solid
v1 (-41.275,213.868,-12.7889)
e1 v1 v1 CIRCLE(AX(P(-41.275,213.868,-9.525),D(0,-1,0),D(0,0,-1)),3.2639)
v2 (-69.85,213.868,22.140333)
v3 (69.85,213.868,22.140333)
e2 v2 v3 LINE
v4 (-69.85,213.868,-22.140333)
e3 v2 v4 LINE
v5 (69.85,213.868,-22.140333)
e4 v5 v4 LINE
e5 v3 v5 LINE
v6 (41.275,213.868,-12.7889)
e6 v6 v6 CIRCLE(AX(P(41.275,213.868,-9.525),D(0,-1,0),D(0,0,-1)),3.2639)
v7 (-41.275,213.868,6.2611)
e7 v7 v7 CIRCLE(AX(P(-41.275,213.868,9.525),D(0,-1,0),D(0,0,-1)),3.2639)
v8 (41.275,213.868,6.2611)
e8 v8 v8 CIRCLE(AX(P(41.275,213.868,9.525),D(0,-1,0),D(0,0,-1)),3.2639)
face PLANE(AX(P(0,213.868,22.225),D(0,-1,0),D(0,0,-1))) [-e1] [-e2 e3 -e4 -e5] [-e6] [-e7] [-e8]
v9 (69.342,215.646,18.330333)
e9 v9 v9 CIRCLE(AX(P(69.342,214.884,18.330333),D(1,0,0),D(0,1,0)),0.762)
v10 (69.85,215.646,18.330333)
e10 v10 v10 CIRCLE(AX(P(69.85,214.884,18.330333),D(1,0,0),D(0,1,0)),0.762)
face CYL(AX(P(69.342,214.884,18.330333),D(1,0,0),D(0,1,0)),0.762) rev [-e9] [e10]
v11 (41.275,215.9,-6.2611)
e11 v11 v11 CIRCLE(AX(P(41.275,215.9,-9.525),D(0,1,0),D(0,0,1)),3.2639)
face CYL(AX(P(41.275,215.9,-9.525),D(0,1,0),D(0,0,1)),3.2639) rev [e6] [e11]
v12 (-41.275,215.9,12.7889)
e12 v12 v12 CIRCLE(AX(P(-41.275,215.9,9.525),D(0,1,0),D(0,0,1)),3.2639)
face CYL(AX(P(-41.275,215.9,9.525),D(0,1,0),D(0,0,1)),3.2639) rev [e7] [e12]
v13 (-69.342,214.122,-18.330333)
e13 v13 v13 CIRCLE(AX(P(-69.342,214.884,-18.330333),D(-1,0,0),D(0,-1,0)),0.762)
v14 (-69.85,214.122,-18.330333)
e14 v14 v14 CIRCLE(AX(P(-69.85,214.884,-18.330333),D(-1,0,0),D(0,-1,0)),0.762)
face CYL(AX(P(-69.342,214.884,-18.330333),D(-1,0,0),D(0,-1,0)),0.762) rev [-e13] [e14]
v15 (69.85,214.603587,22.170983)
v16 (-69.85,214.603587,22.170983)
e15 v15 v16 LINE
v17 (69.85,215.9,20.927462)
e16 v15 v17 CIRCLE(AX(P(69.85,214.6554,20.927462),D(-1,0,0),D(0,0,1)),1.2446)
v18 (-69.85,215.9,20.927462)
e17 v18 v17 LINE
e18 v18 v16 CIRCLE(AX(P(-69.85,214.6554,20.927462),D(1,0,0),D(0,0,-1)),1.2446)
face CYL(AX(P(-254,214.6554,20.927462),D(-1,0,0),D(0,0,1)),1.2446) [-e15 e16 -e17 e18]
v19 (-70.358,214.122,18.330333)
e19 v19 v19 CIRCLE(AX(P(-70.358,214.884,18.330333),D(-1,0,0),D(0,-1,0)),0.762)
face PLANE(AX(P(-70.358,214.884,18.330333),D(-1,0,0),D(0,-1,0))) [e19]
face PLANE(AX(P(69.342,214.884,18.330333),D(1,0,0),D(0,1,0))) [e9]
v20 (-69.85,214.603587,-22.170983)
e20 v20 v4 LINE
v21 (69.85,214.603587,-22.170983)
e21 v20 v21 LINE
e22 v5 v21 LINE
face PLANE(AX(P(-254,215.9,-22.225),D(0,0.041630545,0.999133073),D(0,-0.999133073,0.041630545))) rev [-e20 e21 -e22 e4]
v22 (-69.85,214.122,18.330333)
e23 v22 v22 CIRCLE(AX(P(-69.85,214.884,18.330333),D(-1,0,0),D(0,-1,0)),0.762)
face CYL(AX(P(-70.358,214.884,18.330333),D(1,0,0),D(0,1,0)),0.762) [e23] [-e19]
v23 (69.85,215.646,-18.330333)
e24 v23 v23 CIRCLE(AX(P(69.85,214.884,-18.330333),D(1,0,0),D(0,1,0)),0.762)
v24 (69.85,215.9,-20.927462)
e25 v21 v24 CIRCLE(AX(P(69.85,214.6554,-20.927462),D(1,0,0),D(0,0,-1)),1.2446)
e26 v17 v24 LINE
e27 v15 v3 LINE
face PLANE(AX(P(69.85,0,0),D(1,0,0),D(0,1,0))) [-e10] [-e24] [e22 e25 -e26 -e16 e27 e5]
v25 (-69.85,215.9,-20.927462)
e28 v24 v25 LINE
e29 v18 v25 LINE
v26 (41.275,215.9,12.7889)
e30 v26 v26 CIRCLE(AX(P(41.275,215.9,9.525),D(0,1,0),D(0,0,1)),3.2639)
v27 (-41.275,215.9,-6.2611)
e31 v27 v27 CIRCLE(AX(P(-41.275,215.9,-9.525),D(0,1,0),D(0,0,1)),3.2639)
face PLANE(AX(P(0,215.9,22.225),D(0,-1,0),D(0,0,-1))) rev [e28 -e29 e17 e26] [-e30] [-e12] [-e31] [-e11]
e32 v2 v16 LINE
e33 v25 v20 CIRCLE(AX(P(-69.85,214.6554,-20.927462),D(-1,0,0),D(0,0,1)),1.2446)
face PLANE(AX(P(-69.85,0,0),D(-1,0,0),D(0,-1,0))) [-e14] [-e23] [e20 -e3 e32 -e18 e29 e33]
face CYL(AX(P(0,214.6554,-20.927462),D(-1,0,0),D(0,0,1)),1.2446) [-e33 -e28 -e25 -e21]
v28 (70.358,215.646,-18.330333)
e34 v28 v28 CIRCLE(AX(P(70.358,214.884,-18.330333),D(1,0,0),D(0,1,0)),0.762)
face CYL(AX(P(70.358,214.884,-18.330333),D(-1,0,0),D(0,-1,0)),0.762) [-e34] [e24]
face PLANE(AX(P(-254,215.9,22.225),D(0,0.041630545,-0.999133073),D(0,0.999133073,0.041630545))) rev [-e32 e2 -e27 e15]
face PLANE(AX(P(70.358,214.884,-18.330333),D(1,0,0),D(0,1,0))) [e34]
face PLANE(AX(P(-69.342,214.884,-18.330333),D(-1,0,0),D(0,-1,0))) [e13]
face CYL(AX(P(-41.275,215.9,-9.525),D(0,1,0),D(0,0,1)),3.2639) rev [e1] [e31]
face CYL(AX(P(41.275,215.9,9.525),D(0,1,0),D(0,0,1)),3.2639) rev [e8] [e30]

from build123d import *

# Parameters (mm, degrees)
BOSS_EXTRUDE1_DEPTH            = 22.225
CUT_EXTRUDE1_REACH             = 331.298
SKETCH2_R                      = 4.7625
CUT_EXTRUDE1_DIRECTION_2_REACH = 331.298
CUT_EXTRUDE2_DEPTH             = 254
FILLET1_R                      = 12.7
FILLET4_R                      = 1.2446
F_1_4_CLEARANCE_HOLE1_D        = 6.5278
F_1_4_CLEARANCE_HOLE1_DEPTH    = 6.35
F_1_4_CLEARANCE_HOLE1_TIP      = 1.961148974
SKETCH6_W                      = 65.609477097
SKETCH6_H                      = 246.187780251
CUT_EXTRUDE3_DEPTH             = 200.66
SKETCH7_W                      = 53.894876093
SKETCH7_H                      = 277.088175353
CUT_EXTRUDE4_DEPTH             = 200.66
SKETCH8_R                      = 0.762
BOSS_EXTRUDE2_DEPTH            = 0.508
SKETCH9_R                      = 0.762
CUT_EXTRUDE5_DEPTH             = 0.508
SKETCH10_R                     = 0.762
CUT_EXTRUDE6_DEPTH             = 0.508
SKETCH11_R                     = 0.762
BOSS_EXTRUDE3_DEPTH            = 0.508


with BuildPart() as part:
    # Sketch1 → Boss-Extrude1 (new, symmetric)
    with BuildSketch(Plane.XY):
        with BuildLine():
            add(Edge.make_bspline(
                [(247.65, 12.7), (247.65, 151.138652105), (159.851901214, 215.9), (69.85, 215.9)],
                knots=[0, 0, 0, 0, 1, 1, 1, 1], degree=3))
            Line((69.85, 215.9), (-69.85, 215.9))
            add(Edge.make_bspline(
                [(-69.85, 215.9), (-159.851901214, 215.9), (-247.65, 151.138652105), (-247.65, 12.7)],
                knots=[0, 0, 0, 0, 1, 1, 1, 1], degree=3))
            Line((-247.65, 12.7), (-247.65, -12.7))
            Line((-247.65, -12.7), (-245.618, -12.7))
            Line((-245.618, -12.7), (-245.618, 12.7))
            add(Edge.make_bspline(
                [(-69.85, 213.868), (-75.40386678, 213.868), (-86.529134162, 213.367524052), (-108.503296863, 210.348405687), (-135.224023579, 202.760511588), (-165.078062417, 187.457160851), (-187.304904565, 169.454437631), (-203.008125467, 151.842675097), (-213.624406237, 137.012147223), (-222.956422719, 120.542434531), (-230.879834274, 102.41559311), (-237.26896978, 82.613605898), (-241.209008074, 64.702111997), (-243.466672055, 49.517673174), (-244.696729955, 37.702743517), (-245.322441099, 27.489835839), (-245.575395866, 19.120958406), (-245.618, 14.831688899), (-245.618, 12.7)],
                knots=[0, 0, 0, 0, 0.0625, 0.125, 0.25, 0.375, 0.5, 0.5625, 0.625, 0.6875, 0.75, 0.8125, 0.875, 0.90625, 0.9375, 0.96875, 0.984375, 1, 1, 1, 1], degree=3))
            Line((-69.85, 213.868), (69.85, 213.868))
            add(Edge.make_bspline(
                [(245.618, 12.7), (245.618, 14.831688899), (245.575395866, 19.120958406), (245.322441099, 27.489835839), (244.696729955, 37.702743517), (243.466672055, 49.517673174), (241.209008074, 64.702111997), (237.26896978, 82.613605898), (230.879834274, 102.41559311), (222.956422719, 120.542434531), (213.624406237, 137.012147223), (203.008125467, 151.842675097), (187.304904565, 169.454437631), (165.078062417, 187.457160851), (135.224023579, 202.760511588), (108.503296863, 210.348405687), (86.529134162, 213.367524052), (75.40386678, 213.868), (69.85, 213.868)],
                knots=[0, 0, 0, 0, 0.015625, 0.03125, 0.0625, 0.09375, 0.125, 0.1875, 0.25, 0.3125, 0.375, 0.4375, 0.5, 0.625, 0.75, 0.875, 0.9375, 1, 1, 1, 1], degree=3))
            Line((245.618, 12.7), (245.618, -12.7))
            Line((245.618, -12.7), (247.65, -12.7))
            Line((247.65, -12.7), (247.65, 12.7))
        make_face()
    extrude(amount=BOSS_EXTRUDE1_DEPTH, both=True)

    # Sketch2 → Cut-Extrude1 (cut, up to next)
    with BuildSketch(Plane(origin=(0, 0, 0), x_dir=(0, 0, -1), z_dir=(1, 0, 0)), mode=Mode.PRIVATE) as cut_extrude1_sk1:
        Circle(SKETCH2_R)
    cut_extrude1_tool1 = extrude(cut_extrude1_sk1.sketch, amount=-CUT_EXTRUDE1_REACH, mode=Mode.PRIVATE) & part.part
    add(cut_extrude1_tool1.solids().sort_by_distance((0, 0, 0))[0], mode=Mode.SUBTRACT)

    # Sketch2 → Cut-Extrude1 direction 2 (cut, up to next)
    with BuildSketch(Plane(origin=(0, 0, 0), x_dir=(0, 0, -1), z_dir=(1, 0, 0)), mode=Mode.PRIVATE) as cut_extrude1_direction_2_sk1:
        Circle(SKETCH2_R)
    cut_extrude1_direction_2_tool1 = extrude(cut_extrude1_direction_2_sk1.sketch, amount=CUT_EXTRUDE1_DIRECTION_2_REACH, mode=Mode.PRIVATE) & part.part
    add(cut_extrude1_direction_2_tool1.solids().sort_by_distance((0, 0, 0))[0], mode=Mode.SUBTRACT)

    # Sketch3 → Cut-Extrude2 (cut, symmetric)
    with BuildSketch(Plane(origin=(0, 0, 0), x_dir=(0, 0, -1), z_dir=(1, 0, 0))):
        Polygon((-22.225, 215.9), (-12.7, -12.7), (-47.625, -12.7), (-47.625, 215.9), align=None)
        Polygon((22.225, 215.9), (12.7, -12.7), (47.625, -12.7), (47.625, 215.9), align=None)
    extrude(amount=CUT_EXTRUDE2_DEPTH, both=True, mode=Mode.SUBTRACT)

    # Fillet1
    fillet1_edges = [part.edges().sort_by_distance(p)[0] for p in [
        (-246.634, -12.7, -12.7),
        (-246.634, -12.7, 12.7),
        (246.634, -12.7, -12.7),
        (246.634, -12.7, 12.7),
    ]]
    fillet(fillet1_edges, radius=FILLET1_R)

    # Fillet4
    fillet4_edges = [part.edges().sort_by_distance(p)[0] for p in [
        (247.65, -9.165276607, -9.309489742),
        (247.65, 6.085646041, -13.482735252),
        (-247.65, -9.165276607, -9.309489742),
        (-247.65, 6.085646041, -13.482735252),
        (247.65, -9.165276607, 9.309489742),
        (247.65, 6.085646041, 13.482735252),
        (-247.65, -9.165276607, 9.309489742),
        (-247.65, 6.085646041, 13.482735252),
        (0, 215.9, 22.225),
        (-203.084938623, 154.469294773, 19.665387282),
        (-247.65, -12.7, 0),
        (-203.084938623, 154.469294773, -19.665387282),
        (0, 215.9, -22.225),
        (203.084938625, 154.469294774, -19.665387282),
        (247.65, -12.7, 0),
        (203.084938625, 154.469294774, 19.665387282),
    ]]
    fillet(fillet4_edges, radius=FILLET4_R)

    # 1/4 Clearance Hole1
    with Locations(Plane(origin=(5.734151724, 215.9, -6.658847299), x_dir=(1, 0, 0), z_dir=(0, 1, 0))):
        with Locations((35.540848276, -16.183847299), (35.540848276, 2.866152701), (-47.009151724, -16.183847299), (-47.009151724, 2.866152701)):
            Hole(F_1_4_CLEARANCE_HOLE1_D / 2, depth=F_1_4_CLEARANCE_HOLE1_DEPTH)
            with Locations((0, 0, -(F_1_4_CLEARANCE_HOLE1_DEPTH + F_1_4_CLEARANCE_HOLE1_TIP / 2))):  # 118° drill point
                Cone(0, F_1_4_CLEARANCE_HOLE1_D / 2, F_1_4_CLEARANCE_HOLE1_TIP, mode=Mode.SUBTRACT)

    # Sketch6 → Cut-Extrude3 (cut)
    with BuildSketch(Plane.ZY.offset(-69.85)):
        with Locations((-2.573891908, 99.039872329)):
            Rectangle(SKETCH6_W, SKETCH6_H)
    extrude(amount=-CUT_EXTRUDE3_DEPTH, mode=Mode.SUBTRACT)

    # Sketch7 → Cut-Extrude4 (cut)
    with BuildSketch(Plane.ZY.offset(69.85)):
        with Locations((-0.531372719, 92.342266691)):
            Rectangle(SKETCH7_W, SKETCH7_H)
    extrude(amount=CUT_EXTRUDE4_DEPTH, mode=Mode.SUBTRACT)

    # Sketch8 → Boss-Extrude2 (add)
    with BuildSketch(Plane(origin=(69.85, 0, 0), x_dir=(0, 0, -1), z_dir=(1, 0, 0))):
        with Locations((18.330333333, 214.884)):
            Circle(SKETCH8_R)
    extrude(amount=BOSS_EXTRUDE2_DEPTH)

    # Sketch9 → Cut-Extrude5 (cut)
    with BuildSketch(Plane(origin=(69.85, 0, 0), x_dir=(0, 0, -1), z_dir=(1, 0, 0))):
        with Locations((-18.330333333, 214.884)):
            Circle(SKETCH9_R)
    extrude(amount=-CUT_EXTRUDE5_DEPTH, mode=Mode.SUBTRACT)

    # Sketch10 → Cut-Extrude6 (cut)
    with BuildSketch(Plane.ZY.offset(69.85)):
        with Locations((-18.330333333, 214.884)):
            Circle(SKETCH10_R)
    extrude(amount=-CUT_EXTRUDE6_DEPTH, mode=Mode.SUBTRACT)

    # Sketch11 → Boss-Extrude3 (add)
    with BuildSketch(Plane.ZY.offset(69.85)):
        with Locations((18.330333333, 214.884)):
            Circle(SKETCH11_R)
    extrude(amount=BOSS_EXTRUDE3_DEPTH)


solid = part.part
